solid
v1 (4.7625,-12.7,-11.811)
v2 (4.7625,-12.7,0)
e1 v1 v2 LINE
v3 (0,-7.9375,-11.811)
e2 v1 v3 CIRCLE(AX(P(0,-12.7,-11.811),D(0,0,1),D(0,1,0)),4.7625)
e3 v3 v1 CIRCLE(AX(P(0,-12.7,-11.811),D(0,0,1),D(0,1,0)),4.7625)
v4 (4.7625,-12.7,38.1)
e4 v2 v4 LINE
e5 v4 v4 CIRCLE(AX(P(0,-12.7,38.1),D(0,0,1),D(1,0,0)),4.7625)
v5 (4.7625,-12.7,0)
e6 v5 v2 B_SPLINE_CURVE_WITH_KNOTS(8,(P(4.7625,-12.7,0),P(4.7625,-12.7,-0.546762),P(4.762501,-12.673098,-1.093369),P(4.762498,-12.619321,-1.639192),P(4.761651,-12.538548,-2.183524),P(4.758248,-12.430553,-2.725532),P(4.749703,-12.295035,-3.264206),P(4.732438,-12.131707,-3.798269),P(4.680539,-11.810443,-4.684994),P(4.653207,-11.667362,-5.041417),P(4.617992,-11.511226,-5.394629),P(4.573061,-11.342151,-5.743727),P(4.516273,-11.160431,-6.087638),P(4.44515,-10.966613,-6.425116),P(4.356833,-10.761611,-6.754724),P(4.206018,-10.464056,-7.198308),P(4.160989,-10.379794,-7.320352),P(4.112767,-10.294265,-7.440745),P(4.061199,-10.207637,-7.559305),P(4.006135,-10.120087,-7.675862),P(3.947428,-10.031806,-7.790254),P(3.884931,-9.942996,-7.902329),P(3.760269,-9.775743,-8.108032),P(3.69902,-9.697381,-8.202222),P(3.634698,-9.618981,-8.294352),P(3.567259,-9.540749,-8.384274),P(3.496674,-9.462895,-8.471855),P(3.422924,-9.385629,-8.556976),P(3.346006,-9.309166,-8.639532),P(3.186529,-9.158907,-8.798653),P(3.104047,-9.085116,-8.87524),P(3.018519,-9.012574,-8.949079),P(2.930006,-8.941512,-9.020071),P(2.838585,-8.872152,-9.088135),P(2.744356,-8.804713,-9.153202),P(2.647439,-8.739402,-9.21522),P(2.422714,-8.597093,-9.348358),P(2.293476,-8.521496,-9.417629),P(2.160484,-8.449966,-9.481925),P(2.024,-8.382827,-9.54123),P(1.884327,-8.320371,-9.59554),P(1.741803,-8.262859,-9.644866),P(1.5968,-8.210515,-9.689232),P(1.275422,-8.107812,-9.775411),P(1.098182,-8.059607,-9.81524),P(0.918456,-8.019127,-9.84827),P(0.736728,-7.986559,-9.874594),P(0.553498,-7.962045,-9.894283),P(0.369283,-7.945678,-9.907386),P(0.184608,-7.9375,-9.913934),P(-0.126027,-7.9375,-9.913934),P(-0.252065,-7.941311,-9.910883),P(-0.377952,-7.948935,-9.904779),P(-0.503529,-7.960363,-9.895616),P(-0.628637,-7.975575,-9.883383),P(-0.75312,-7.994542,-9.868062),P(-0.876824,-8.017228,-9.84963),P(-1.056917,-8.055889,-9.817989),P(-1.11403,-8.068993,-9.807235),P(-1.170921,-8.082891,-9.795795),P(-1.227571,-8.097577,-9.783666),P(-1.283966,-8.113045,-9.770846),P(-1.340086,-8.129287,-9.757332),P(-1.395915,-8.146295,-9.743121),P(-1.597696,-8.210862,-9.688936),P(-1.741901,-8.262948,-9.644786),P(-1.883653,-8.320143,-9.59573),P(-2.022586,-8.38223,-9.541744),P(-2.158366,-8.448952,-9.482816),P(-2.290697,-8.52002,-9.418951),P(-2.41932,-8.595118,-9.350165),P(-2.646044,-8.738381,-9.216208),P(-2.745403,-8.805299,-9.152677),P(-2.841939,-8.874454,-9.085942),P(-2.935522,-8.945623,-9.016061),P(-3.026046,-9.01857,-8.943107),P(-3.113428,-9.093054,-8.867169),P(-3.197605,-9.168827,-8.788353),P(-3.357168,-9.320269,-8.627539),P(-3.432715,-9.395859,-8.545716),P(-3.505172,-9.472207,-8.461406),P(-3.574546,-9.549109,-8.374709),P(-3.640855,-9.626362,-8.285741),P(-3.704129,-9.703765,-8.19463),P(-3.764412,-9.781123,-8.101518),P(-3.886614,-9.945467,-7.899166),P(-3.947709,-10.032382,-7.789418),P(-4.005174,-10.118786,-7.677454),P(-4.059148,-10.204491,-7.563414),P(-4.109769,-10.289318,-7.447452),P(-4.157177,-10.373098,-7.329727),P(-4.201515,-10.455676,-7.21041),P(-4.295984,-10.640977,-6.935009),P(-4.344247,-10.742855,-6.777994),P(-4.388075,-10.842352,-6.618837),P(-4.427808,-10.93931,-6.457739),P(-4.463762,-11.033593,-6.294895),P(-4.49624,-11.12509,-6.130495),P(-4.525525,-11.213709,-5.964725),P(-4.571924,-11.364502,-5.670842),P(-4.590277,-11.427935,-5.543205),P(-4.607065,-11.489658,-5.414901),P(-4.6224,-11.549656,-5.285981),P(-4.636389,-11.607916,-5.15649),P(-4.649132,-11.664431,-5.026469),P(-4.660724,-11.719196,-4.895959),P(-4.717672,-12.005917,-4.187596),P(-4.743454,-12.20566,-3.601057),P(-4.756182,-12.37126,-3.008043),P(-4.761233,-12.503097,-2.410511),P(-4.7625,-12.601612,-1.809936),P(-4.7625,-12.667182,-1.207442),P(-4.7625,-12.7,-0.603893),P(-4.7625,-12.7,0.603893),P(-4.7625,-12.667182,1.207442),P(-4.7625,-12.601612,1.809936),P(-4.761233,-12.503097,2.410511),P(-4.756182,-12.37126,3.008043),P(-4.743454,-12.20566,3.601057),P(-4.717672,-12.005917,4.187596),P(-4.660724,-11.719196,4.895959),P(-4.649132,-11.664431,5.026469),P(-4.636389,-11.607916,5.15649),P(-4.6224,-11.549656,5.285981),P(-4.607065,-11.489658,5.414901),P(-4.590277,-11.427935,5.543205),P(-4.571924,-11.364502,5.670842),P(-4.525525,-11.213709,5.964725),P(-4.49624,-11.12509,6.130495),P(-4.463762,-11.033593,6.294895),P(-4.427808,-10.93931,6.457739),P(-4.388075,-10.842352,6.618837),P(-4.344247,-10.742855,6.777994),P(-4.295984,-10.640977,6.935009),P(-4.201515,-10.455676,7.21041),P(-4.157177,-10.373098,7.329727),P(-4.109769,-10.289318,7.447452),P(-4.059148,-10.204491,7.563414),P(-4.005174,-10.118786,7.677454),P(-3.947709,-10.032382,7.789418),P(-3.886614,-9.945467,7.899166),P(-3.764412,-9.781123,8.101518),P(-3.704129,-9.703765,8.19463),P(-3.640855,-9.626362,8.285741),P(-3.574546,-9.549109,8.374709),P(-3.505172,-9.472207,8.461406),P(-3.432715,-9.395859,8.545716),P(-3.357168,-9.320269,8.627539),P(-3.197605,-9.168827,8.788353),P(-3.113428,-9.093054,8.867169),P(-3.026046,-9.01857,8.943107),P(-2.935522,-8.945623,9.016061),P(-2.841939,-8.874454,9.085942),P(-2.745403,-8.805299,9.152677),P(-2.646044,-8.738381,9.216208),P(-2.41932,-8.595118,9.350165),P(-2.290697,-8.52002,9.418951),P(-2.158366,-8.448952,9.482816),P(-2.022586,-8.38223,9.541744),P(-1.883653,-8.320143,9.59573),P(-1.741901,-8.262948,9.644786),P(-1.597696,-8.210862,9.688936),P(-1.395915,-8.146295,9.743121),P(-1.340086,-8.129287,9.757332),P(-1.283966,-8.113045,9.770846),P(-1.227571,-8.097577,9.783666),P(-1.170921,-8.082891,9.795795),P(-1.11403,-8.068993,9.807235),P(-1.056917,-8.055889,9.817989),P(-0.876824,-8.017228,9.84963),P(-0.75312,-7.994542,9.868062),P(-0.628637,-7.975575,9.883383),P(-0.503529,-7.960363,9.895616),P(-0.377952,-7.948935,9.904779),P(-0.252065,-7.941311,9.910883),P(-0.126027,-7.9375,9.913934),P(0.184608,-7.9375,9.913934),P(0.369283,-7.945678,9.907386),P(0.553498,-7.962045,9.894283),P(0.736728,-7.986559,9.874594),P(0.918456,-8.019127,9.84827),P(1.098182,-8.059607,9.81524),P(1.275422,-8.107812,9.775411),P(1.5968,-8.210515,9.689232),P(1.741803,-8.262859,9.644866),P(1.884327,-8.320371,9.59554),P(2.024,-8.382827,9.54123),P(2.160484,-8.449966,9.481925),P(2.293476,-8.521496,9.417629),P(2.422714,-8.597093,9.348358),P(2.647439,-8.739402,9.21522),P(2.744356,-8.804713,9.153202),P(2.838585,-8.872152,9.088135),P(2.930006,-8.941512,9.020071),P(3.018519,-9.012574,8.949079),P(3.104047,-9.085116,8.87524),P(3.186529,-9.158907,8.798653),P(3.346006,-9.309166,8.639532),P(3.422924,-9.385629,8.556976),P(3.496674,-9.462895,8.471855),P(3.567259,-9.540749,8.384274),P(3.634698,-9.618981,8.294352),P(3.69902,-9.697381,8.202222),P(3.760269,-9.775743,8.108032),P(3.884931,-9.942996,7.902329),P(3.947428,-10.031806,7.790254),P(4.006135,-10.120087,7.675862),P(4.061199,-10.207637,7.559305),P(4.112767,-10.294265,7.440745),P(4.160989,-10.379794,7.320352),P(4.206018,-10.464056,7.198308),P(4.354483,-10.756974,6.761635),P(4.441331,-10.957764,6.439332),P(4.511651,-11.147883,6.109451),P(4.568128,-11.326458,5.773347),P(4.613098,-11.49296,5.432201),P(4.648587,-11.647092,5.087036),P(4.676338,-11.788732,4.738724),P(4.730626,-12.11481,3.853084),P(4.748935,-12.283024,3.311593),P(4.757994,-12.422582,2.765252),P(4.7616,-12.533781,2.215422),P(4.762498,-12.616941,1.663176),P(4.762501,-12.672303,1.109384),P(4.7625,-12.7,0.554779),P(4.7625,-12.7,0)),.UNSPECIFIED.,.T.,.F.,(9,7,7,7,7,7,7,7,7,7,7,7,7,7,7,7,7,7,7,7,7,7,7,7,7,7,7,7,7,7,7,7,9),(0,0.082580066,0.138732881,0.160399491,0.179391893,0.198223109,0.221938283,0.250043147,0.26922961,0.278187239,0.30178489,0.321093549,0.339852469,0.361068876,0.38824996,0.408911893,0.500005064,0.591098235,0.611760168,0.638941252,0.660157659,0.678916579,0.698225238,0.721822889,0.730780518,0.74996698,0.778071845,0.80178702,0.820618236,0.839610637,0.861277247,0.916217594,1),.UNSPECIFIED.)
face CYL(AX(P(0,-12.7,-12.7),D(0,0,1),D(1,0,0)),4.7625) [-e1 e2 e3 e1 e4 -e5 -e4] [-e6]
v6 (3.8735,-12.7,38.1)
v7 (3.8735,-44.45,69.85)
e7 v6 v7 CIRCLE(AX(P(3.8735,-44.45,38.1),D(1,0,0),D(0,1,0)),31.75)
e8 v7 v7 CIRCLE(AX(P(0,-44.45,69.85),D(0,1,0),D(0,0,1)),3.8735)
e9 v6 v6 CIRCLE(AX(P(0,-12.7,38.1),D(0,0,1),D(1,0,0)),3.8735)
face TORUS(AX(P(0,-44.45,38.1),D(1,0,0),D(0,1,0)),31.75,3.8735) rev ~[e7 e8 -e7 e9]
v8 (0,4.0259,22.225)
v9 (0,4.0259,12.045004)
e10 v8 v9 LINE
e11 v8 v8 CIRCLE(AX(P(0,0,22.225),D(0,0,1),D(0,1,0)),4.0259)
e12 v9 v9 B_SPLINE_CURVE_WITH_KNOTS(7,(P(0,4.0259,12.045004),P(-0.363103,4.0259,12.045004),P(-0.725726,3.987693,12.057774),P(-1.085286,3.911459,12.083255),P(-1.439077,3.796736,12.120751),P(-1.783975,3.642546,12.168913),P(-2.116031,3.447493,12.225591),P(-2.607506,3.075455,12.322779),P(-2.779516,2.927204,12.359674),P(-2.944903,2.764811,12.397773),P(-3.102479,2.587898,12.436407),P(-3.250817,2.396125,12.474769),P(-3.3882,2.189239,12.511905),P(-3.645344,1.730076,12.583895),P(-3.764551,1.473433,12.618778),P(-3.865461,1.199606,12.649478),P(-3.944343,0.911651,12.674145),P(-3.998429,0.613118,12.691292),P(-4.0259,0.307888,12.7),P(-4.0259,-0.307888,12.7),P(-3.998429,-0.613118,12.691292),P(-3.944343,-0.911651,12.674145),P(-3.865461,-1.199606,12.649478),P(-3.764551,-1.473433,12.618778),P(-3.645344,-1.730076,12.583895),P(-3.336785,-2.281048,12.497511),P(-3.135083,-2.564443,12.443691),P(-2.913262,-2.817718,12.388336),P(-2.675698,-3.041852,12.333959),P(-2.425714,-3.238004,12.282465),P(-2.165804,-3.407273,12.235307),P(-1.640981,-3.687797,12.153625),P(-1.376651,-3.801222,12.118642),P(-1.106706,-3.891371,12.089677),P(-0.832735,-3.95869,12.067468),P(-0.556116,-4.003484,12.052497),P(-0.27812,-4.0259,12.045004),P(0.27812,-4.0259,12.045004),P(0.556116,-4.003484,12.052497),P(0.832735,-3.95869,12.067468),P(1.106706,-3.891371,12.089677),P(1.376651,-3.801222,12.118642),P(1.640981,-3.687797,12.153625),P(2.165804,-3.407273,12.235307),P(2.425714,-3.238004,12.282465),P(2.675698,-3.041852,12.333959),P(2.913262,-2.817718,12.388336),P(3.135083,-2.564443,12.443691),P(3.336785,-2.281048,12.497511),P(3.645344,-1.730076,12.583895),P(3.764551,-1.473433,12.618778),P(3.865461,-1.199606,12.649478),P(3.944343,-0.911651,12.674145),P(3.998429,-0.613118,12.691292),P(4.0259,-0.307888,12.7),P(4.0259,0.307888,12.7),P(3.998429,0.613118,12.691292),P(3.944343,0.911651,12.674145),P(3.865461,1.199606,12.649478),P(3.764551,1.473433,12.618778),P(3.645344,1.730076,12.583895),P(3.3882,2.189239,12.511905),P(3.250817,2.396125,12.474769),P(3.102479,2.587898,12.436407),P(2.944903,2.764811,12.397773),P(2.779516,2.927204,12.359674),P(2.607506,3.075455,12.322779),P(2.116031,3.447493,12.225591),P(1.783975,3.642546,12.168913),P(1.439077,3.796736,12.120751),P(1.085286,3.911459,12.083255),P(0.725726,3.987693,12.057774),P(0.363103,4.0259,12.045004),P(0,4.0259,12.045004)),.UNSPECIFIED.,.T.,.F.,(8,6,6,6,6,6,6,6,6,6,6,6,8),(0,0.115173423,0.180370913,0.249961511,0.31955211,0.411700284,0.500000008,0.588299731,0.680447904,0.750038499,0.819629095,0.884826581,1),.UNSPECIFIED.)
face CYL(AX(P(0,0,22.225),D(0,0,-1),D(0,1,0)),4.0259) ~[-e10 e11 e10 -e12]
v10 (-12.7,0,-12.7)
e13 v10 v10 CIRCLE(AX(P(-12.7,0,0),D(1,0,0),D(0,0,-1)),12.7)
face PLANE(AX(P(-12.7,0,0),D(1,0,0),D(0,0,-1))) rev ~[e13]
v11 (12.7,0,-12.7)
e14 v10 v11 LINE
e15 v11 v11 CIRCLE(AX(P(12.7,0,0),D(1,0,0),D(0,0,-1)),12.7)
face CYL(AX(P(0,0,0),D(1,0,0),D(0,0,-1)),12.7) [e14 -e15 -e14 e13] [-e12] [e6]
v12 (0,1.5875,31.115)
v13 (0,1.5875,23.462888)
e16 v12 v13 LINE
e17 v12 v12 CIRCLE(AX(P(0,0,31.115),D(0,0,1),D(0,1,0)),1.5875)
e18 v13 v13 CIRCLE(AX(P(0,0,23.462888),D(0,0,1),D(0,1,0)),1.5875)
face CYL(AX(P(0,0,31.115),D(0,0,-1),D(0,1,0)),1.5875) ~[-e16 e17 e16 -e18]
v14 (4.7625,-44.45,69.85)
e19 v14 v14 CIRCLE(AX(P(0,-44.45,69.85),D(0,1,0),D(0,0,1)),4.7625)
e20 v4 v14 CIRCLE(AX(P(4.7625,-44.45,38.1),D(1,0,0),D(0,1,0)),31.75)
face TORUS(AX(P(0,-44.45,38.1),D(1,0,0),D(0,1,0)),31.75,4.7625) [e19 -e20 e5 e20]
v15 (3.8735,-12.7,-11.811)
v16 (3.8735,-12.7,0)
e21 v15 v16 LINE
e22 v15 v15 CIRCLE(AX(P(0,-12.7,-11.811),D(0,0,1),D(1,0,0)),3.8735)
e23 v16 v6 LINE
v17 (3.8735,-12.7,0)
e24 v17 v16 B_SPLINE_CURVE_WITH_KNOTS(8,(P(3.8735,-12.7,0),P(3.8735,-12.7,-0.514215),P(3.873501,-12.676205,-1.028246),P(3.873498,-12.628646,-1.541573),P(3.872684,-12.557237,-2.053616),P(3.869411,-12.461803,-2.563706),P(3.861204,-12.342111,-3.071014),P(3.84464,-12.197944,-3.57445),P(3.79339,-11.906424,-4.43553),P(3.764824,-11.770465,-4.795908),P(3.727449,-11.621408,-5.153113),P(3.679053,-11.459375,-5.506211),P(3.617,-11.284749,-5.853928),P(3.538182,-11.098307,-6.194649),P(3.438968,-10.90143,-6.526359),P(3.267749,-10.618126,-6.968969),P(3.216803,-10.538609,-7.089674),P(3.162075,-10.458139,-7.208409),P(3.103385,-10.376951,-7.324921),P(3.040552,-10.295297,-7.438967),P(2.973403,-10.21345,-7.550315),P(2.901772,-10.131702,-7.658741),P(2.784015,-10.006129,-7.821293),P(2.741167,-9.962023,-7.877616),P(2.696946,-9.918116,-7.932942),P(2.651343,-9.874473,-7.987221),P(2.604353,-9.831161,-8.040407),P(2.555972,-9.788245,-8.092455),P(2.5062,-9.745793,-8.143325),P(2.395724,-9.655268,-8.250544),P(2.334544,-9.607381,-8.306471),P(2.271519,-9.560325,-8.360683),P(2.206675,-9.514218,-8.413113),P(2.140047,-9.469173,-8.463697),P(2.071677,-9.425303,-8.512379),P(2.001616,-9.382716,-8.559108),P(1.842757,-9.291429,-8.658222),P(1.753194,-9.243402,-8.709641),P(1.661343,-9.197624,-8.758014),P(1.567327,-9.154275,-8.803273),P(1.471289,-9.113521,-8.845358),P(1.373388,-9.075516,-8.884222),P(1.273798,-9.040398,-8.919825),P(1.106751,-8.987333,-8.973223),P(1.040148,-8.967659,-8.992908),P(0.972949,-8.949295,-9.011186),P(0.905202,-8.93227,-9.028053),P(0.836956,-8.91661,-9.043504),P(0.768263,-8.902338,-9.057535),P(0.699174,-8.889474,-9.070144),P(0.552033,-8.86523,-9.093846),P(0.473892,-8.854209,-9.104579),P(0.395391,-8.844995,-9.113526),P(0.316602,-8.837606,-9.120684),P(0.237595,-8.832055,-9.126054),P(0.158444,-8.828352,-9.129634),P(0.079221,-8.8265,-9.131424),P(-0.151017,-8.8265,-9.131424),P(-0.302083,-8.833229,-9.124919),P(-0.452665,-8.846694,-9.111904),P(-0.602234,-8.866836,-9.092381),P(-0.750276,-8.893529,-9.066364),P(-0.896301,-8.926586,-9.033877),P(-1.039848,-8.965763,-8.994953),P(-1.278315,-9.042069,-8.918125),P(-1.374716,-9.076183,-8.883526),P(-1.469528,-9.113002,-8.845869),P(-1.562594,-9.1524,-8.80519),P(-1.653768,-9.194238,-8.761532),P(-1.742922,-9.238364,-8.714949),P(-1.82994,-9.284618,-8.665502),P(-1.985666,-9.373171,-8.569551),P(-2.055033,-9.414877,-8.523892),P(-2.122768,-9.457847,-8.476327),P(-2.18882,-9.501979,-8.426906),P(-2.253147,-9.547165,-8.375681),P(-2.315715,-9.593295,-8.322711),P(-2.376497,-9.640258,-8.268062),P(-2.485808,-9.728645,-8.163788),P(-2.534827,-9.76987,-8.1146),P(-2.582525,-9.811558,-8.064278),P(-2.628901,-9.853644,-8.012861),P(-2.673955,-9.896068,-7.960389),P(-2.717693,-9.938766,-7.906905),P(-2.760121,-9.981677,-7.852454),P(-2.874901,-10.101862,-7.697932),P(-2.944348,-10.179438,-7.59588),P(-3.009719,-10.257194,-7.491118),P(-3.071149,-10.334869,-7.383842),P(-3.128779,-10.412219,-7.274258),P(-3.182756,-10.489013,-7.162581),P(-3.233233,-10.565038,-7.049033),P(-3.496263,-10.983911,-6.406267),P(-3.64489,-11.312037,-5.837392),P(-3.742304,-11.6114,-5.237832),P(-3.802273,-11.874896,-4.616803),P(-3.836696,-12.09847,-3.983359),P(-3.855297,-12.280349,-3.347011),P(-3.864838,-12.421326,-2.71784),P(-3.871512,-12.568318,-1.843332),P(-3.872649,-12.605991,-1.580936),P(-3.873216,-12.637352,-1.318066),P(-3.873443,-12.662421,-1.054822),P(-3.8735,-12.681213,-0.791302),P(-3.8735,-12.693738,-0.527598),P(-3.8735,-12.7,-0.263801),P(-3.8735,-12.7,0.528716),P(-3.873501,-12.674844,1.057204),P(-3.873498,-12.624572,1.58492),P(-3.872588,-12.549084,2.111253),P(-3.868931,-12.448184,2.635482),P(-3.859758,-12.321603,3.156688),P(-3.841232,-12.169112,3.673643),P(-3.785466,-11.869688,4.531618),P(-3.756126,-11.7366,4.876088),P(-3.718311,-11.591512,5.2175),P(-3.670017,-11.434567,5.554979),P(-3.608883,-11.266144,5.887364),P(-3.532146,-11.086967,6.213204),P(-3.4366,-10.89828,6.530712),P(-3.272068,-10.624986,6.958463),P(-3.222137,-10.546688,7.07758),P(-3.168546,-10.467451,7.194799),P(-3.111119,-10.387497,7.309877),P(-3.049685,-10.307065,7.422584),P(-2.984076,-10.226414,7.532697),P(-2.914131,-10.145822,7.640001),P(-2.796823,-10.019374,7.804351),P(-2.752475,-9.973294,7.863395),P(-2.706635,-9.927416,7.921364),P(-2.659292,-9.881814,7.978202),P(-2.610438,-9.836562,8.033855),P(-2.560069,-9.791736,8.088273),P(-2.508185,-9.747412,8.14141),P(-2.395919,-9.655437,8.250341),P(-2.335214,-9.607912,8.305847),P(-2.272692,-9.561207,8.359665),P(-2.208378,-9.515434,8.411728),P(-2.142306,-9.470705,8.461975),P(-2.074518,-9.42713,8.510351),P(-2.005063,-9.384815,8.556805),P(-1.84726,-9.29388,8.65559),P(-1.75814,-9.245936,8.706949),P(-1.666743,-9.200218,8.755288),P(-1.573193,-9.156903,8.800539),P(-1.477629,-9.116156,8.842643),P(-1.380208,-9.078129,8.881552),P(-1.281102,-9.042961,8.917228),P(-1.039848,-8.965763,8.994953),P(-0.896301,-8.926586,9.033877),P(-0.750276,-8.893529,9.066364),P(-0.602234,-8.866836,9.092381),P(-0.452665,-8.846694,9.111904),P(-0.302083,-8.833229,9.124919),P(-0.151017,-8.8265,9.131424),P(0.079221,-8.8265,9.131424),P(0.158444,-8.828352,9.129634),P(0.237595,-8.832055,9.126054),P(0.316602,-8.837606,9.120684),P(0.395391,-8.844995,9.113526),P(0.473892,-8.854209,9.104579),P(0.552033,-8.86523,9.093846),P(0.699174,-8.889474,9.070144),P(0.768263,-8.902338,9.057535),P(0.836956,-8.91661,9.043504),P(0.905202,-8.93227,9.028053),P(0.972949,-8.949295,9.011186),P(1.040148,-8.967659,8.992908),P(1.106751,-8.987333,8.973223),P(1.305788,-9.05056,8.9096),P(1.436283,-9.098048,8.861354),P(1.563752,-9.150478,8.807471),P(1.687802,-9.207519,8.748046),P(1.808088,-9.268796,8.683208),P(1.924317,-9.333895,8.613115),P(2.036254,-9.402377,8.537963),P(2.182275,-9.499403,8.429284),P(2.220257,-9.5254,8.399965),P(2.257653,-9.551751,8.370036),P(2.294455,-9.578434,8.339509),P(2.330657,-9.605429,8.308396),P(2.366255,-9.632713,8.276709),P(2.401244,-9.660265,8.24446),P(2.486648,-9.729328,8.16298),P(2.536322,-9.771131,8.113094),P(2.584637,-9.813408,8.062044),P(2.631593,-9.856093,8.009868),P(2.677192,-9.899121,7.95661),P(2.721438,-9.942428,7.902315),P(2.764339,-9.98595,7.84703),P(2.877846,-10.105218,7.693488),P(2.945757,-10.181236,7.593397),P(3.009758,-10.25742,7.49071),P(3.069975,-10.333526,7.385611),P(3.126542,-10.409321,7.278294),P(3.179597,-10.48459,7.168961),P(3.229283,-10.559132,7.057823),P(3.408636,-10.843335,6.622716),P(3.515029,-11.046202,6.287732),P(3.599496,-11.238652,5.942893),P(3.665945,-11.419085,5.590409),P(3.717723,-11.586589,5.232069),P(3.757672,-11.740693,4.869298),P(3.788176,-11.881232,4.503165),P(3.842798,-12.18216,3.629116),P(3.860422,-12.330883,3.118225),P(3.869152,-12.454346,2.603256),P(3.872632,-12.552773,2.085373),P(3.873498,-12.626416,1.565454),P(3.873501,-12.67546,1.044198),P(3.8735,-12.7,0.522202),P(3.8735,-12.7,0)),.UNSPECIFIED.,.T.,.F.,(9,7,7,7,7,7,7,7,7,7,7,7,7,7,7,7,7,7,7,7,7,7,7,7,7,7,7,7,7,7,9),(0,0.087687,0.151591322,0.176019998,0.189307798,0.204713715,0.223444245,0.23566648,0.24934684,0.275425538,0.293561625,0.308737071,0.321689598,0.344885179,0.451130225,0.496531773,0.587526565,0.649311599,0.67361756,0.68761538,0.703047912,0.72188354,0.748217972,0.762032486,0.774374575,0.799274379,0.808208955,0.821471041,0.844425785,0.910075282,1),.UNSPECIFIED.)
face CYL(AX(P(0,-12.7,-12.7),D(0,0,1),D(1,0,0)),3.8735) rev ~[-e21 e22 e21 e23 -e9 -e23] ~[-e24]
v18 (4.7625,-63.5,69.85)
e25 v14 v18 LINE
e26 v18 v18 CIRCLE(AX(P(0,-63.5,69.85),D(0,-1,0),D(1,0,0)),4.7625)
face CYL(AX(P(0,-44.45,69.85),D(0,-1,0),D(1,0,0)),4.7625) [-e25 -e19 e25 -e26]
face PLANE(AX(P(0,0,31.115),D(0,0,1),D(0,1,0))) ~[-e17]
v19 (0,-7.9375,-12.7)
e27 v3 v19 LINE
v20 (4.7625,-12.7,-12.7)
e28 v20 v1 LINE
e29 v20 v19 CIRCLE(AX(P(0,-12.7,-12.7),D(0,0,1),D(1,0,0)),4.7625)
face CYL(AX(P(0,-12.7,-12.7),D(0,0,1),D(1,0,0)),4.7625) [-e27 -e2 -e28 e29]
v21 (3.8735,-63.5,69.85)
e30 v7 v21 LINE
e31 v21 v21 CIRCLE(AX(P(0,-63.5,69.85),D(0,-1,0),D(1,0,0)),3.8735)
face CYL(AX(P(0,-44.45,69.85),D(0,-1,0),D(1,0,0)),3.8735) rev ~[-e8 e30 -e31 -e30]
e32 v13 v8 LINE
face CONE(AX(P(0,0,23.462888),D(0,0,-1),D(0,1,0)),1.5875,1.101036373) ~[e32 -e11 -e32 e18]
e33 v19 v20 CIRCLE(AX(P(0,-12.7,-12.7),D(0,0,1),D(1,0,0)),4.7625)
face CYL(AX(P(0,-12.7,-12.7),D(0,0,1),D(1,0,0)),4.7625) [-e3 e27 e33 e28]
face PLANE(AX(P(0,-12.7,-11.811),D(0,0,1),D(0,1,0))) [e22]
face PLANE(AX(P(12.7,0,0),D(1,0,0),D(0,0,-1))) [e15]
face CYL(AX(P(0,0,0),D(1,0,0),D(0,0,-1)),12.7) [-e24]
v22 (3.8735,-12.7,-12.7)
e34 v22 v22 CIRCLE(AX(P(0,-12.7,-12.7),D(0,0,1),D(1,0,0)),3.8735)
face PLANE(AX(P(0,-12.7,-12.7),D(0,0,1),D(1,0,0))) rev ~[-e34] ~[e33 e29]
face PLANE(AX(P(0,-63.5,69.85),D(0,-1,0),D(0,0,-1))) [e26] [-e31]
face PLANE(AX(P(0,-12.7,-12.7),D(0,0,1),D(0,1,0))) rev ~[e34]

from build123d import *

# Parameters (mm, degrees)
SKETCH1_R      = 12.7
EXTRUDE1_DEPTH = 12.7
SKETCH2_R      = 4.7625
SKETCH2_R_2    = 3.8735
EXTRUDE2_START = 0.889
SKETCH4_R      = 4.7625
EXTRUDE2_DEPTH = 0.889


with BuildPart() as part:
    # Sketch1 → Extrude1 (new, symmetric)
    with BuildSketch(Plane(origin=(0, 0, 0), x_dir=(0, 0, -1), z_dir=(1, 0, 0))):
        Circle(SKETCH1_R)
    extrude(amount=EXTRUDE1_DEPTH, both=True)

    # Sweep1: sweep along a path in Sketch3
    with BuildLine(Plane(origin=(0, 0, 0), x_dir=(0, 0, -1), z_dir=(1, 0, 0))) as sweep1_path:
        Line((12.7, -12.7), (-38.1, -12.7))
        ThreePointArc((-38.1, -12.7), (-60.550640303, -21.999359697), (-69.85, -44.45))
        Line((-69.85, -44.45), (-69.85, -63.5))
    # Sketch2 → Sweep1 (sweep)
    with BuildSketch(Plane.XY.offset(-12.7)):
        with Locations((0, -12.7)):
            Circle(SKETCH2_R)
        with Locations((0, -12.7)):
            Circle(SKETCH2_R_2, mode=Mode.SUBTRACT)
    sweep(path=sweep1_path.line)

    # Sketch4 → Extrude2 (add)
    with BuildSketch(Plane.XY.offset(-12.7).offset(EXTRUDE2_START)):
        with Locations(Location((0, -12.7, 0), (0, 0, 90))):
            Circle(SKETCH4_R)
    extrude(amount=-EXTRUDE2_DEPTH)

    # Sketch5 → Revolve1 (revolve)
    with BuildSketch(Plane(origin=(0, 0, 0), x_dir=(0, 0, -1), z_dir=(1, 0, 0))):
        Polygon((-10.16, 0), (-31.115, 0), (-31.115, 1.5875), (-23.462887774, 1.5875), (-22.225, 4.0259), (-10.16, 4.0259), align=None)
    revolve(axis=Axis((0, 0, 31.115), (0, 0, 1)))


solid = part.part
